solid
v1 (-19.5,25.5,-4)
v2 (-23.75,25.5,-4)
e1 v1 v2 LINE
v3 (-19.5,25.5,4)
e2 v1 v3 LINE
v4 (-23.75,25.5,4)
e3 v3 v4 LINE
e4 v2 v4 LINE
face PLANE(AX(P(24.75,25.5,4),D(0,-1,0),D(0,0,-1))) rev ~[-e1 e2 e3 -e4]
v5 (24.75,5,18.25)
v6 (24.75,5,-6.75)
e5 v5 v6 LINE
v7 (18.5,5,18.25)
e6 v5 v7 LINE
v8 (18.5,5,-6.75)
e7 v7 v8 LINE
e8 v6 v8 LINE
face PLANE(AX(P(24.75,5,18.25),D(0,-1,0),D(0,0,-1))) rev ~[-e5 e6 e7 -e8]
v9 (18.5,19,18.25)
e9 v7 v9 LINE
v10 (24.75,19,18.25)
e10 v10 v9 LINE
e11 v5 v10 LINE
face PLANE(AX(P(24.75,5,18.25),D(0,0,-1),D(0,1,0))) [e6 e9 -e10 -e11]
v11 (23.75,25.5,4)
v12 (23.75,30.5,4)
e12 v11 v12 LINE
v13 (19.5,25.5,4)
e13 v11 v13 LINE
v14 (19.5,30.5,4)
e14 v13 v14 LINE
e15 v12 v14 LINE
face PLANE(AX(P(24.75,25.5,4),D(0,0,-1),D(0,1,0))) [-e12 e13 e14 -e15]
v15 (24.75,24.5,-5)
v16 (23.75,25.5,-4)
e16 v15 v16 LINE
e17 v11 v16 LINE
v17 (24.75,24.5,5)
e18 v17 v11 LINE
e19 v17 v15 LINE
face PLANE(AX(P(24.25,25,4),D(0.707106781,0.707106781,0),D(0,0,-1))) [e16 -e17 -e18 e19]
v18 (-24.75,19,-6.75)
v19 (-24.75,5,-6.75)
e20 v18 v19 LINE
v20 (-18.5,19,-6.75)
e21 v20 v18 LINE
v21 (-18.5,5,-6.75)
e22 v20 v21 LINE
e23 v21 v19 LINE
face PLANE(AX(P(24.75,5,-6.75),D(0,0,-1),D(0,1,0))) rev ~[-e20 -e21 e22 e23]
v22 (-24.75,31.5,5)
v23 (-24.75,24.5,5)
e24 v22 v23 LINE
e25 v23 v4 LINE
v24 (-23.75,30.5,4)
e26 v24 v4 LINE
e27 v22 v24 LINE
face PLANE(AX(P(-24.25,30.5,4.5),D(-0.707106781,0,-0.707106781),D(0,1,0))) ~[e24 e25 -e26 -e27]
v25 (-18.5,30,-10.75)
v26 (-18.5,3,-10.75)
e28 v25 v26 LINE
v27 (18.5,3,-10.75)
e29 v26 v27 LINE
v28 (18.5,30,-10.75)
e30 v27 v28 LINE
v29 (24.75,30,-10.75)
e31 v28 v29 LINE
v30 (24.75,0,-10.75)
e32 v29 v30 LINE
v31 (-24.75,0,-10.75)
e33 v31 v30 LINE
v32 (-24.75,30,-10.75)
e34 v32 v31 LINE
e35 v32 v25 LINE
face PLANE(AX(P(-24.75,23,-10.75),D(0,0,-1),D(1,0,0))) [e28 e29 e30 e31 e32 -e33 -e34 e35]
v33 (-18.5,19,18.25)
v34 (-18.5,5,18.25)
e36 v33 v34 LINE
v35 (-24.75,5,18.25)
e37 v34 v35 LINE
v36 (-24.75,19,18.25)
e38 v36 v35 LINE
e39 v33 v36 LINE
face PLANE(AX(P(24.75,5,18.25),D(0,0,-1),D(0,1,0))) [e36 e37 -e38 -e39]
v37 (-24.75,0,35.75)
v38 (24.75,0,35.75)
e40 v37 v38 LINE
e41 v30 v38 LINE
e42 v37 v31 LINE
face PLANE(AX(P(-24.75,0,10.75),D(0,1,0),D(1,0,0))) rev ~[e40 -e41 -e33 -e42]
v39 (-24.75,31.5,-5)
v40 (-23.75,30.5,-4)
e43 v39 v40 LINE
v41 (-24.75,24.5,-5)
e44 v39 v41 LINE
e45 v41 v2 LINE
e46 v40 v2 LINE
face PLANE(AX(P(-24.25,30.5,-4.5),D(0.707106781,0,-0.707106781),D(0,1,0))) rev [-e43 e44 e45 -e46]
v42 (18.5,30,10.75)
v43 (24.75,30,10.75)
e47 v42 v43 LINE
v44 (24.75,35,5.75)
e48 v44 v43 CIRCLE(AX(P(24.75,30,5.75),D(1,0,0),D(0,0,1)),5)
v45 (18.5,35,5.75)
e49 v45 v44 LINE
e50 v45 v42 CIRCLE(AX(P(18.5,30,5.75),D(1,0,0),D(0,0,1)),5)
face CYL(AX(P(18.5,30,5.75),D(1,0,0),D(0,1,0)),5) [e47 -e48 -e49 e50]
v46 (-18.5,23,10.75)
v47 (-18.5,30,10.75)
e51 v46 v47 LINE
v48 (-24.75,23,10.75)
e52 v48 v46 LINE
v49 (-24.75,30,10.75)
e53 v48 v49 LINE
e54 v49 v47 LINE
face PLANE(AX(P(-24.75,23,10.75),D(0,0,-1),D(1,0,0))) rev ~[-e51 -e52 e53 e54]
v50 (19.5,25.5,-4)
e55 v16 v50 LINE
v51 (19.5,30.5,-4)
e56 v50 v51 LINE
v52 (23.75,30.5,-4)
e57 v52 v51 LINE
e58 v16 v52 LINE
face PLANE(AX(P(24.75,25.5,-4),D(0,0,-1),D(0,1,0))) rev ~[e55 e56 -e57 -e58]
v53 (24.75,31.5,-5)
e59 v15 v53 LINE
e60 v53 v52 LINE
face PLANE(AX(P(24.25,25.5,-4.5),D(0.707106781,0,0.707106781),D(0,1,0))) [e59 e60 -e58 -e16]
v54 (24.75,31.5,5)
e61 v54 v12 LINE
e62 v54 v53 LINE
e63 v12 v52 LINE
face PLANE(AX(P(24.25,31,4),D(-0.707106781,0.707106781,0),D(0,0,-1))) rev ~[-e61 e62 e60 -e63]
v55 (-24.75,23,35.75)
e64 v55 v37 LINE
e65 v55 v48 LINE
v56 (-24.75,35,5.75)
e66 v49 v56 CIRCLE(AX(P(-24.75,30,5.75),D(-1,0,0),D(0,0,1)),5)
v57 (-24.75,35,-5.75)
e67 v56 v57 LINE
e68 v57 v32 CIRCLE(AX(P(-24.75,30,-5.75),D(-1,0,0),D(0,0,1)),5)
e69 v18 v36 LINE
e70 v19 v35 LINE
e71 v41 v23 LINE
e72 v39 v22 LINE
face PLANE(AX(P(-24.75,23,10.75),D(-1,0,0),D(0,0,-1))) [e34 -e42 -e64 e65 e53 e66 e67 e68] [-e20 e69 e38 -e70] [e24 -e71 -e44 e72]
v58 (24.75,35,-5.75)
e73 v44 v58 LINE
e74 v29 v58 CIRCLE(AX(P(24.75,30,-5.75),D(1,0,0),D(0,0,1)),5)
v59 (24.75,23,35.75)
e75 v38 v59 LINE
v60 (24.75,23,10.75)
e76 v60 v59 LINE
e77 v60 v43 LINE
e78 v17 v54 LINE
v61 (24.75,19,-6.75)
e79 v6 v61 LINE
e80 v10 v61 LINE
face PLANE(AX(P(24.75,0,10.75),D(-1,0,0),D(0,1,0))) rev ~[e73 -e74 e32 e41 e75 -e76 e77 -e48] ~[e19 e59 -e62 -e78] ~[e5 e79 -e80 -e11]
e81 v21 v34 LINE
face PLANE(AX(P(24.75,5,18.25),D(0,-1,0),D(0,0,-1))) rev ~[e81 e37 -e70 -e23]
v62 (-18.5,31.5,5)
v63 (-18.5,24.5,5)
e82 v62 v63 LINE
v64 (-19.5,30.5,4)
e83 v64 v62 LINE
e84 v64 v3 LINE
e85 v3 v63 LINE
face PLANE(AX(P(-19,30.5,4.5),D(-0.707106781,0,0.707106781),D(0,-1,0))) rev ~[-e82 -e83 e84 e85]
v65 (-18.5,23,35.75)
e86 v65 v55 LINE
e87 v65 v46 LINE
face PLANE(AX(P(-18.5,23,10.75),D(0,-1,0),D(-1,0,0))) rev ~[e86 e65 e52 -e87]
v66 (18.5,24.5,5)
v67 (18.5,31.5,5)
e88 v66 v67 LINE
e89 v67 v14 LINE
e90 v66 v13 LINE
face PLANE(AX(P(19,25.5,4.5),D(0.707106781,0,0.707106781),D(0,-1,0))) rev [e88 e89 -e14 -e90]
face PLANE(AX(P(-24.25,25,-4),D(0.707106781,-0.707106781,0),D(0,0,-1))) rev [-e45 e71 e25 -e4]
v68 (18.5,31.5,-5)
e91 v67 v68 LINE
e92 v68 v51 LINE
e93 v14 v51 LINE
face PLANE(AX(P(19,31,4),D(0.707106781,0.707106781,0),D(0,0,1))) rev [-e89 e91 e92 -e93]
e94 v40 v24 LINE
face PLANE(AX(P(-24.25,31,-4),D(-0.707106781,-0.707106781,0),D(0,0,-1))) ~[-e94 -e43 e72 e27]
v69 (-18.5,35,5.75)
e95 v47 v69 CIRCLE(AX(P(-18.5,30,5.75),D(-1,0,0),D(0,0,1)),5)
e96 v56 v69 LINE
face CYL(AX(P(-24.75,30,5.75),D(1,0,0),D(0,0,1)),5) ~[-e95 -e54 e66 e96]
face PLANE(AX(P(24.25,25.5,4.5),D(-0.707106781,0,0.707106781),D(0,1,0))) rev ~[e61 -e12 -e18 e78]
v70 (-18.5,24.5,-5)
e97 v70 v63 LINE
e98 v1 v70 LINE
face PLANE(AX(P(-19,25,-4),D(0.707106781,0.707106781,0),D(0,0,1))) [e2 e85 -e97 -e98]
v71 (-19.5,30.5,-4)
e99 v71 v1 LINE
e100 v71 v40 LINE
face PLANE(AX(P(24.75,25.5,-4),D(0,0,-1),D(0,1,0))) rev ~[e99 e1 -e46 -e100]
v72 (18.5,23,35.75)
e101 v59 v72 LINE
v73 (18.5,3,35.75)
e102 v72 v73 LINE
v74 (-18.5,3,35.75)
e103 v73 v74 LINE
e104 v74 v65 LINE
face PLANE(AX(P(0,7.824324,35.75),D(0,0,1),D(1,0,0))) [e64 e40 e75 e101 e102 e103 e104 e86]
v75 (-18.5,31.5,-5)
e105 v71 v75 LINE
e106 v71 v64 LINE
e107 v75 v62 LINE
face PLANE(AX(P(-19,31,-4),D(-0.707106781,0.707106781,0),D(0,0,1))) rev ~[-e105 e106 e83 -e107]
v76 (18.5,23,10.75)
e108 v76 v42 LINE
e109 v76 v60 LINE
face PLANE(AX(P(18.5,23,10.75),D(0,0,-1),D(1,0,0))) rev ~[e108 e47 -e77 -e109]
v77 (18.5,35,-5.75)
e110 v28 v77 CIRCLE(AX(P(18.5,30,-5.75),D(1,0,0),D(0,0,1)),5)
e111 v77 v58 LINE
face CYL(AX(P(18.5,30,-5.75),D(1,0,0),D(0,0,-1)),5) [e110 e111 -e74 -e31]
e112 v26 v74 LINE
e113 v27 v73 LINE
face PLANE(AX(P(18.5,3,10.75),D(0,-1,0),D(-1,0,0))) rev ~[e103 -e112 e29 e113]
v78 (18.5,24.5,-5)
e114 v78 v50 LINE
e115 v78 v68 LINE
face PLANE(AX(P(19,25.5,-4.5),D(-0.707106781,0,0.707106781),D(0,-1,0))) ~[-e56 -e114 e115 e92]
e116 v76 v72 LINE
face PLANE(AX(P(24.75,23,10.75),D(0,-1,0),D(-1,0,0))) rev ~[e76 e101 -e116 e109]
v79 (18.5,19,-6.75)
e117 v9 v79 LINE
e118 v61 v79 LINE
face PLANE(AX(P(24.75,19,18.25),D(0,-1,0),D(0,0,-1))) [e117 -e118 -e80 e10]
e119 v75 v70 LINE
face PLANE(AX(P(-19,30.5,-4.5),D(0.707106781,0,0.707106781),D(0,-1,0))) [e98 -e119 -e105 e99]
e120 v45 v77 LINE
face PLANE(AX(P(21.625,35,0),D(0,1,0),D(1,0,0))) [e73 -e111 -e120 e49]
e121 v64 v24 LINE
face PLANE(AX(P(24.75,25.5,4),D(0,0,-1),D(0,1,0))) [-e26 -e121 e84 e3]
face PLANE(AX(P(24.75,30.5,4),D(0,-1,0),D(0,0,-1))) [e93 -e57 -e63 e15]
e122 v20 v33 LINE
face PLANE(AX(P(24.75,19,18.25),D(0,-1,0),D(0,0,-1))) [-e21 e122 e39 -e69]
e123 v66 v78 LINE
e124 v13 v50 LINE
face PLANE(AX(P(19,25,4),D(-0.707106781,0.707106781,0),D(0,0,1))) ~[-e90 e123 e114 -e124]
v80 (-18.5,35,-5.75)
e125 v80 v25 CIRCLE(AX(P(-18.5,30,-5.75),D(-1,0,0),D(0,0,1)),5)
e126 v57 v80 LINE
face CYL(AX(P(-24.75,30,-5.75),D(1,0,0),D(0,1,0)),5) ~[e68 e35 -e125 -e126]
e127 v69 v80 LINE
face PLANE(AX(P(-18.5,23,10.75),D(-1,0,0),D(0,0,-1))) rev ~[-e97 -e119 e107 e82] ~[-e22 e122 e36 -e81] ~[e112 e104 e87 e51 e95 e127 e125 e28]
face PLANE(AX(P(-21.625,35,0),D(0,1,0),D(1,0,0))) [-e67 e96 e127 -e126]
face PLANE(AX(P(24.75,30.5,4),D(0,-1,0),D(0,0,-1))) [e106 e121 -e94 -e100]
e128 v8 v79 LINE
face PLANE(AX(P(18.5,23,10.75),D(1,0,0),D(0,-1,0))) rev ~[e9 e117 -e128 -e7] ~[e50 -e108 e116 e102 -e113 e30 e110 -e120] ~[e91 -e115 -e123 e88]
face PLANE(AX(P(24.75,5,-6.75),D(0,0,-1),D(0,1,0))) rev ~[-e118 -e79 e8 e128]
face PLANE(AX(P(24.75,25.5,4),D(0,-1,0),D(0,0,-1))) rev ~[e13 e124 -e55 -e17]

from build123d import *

# Parameters (mm, degrees)
SKETCH_1_W          = 49.5
SKETCH_1_H          = 21.5
EXTRUDE_1_DEPTH     = 3
SKETCH_4_W          = 6.25
SKETCH_4_H          = 21.5
EXTRUDE_2_DEPTH     = 20
EXTRUDE_3_DEPTH     = 25
SKETCH_7_W          = 6.25
SKETCH_7_H          = 21.5
EXTRUDE_4_DEPTH     = 12
SKETCH_8_W          = 8
SKETCH_8_H          = 5
CUT_EXTRUDE_1_DEPTH = 50.5
FILLET_1_R          = 5
FILLET_2_R          = 5
SKETCH_9_W          = 25
SKETCH_9_H          = 14
CUT_EXTRUDE_2_DEPTH = 50.5
CHAMFER_1_SIZE      = 1


with BuildPart() as part:
    # 草图1 → 凸台-拉伸1 (new body)
    with BuildSketch(Plane(origin=(0, 0, 0), x_dir=(1, 0, 0), z_dir=(0, 1, 0))):
        Rectangle(SKETCH_1_W, SKETCH_1_H)
    extrude(amount=EXTRUDE_1_DEPTH)

    # 草图4 → 凸台-拉伸2 (add)
    with BuildSketch(Plane(origin=(0, 3, 0), x_dir=(1, 0, 0), z_dir=(0, 1, 0))):
        with Locations((-21.625, 0)):
            Rectangle(SKETCH_4_W, SKETCH_4_H)
        with Locations((21.625, 0)):
            Rectangle(SKETCH_4_W, SKETCH_4_H)
    extrude(amount=EXTRUDE_2_DEPTH)

    # 草图6 → 凸台-拉伸3 (add)
    with BuildSketch(Plane.XY.offset(10.75)):
        Polygon((-24.75, 0), (24.75, 0), (24.75, 23), (18.5, 23), (18.5, 3), (-18.5, 3), (-18.5, 23), (-24.75, 23), align=None)
    extrude(amount=EXTRUDE_3_DEPTH)

    # 草图7 → 凸台-拉伸4 (add)
    with BuildSketch(Plane(origin=(0, 23, 0), x_dir=(1, 0, 0), z_dir=(0, 1, 0))):
        with Locations((-21.625, 0)):
            Rectangle(SKETCH_7_W, SKETCH_7_H)
        with Locations((21.625, 0)):
            Rectangle(SKETCH_7_W, SKETCH_7_H)
    extrude(amount=EXTRUDE_4_DEPTH)

    # 草图8 → 切除-拉伸1 (cut, through all)
    with BuildSketch(Plane(origin=(24.75, 0, 0), x_dir=(0, 0, -1), z_dir=(1, 0, 0))):
        with Locations((0, 28)):
            Rectangle(SKETCH_8_W, SKETCH_8_H)
    extrude(amount=-CUT_EXTRUDE_1_DEPTH, mode=Mode.SUBTRACT)

    # 圆角1
    fillet_1_edges = [part.edges().sort_by_distance(p)[0] for p in [
        (-21.625, 35, 10.75),
        (21.625, 35, 10.75),
    ]]
    fillet(fillet_1_edges, radius=FILLET_1_R)

    # 圆角2
    fillet_2_edges = [part.edges().sort_by_distance(p)[0] for p in [
        (-21.625, 35, -10.75),
        (21.625, 35, -10.75),
    ]]
    fillet(fillet_2_edges, radius=FILLET_2_R)

    # 草图9 → 切除-拉伸2 (cut, through all)
    with BuildSketch(Plane(origin=(24.75, 0, 0), x_dir=(0, 0, -1), z_dir=(1, 0, 0))):
        with Locations((-5.75, 12)):
            Rectangle(SKETCH_9_W, SKETCH_9_H)
    extrude(amount=-CUT_EXTRUDE_2_DEPTH, mode=Mode.SUBTRACT)

    # 倒角1
    chamfer_1_edges = [part.edges().sort_by_distance(p)[0] for p in [
        (18.5, 25.5, 0),
        (18.5, 28, -4),
        (18.5, 30.5, 0),
        (18.5, 28, 4),
        (-18.5, 28, 4),
        (-24.75, 28, 4),
        (-18.5, 30.5, 0),
        (-24.75, 30.5, 0),
        (-18.5, 28, -4),
        (-24.75, 28, -4),
        (-18.5, 25.5, 0),
        (-24.75, 25.5, 0),
        (24.75, 28, 4),
        (24.75, 25.5, 0),
        (24.75, 28, -4),
        (24.75, 30.5, 0),
    ]]
    chamfer(chamfer_1_edges, length=CHAMFER_1_SIZE)


solid = part.part
